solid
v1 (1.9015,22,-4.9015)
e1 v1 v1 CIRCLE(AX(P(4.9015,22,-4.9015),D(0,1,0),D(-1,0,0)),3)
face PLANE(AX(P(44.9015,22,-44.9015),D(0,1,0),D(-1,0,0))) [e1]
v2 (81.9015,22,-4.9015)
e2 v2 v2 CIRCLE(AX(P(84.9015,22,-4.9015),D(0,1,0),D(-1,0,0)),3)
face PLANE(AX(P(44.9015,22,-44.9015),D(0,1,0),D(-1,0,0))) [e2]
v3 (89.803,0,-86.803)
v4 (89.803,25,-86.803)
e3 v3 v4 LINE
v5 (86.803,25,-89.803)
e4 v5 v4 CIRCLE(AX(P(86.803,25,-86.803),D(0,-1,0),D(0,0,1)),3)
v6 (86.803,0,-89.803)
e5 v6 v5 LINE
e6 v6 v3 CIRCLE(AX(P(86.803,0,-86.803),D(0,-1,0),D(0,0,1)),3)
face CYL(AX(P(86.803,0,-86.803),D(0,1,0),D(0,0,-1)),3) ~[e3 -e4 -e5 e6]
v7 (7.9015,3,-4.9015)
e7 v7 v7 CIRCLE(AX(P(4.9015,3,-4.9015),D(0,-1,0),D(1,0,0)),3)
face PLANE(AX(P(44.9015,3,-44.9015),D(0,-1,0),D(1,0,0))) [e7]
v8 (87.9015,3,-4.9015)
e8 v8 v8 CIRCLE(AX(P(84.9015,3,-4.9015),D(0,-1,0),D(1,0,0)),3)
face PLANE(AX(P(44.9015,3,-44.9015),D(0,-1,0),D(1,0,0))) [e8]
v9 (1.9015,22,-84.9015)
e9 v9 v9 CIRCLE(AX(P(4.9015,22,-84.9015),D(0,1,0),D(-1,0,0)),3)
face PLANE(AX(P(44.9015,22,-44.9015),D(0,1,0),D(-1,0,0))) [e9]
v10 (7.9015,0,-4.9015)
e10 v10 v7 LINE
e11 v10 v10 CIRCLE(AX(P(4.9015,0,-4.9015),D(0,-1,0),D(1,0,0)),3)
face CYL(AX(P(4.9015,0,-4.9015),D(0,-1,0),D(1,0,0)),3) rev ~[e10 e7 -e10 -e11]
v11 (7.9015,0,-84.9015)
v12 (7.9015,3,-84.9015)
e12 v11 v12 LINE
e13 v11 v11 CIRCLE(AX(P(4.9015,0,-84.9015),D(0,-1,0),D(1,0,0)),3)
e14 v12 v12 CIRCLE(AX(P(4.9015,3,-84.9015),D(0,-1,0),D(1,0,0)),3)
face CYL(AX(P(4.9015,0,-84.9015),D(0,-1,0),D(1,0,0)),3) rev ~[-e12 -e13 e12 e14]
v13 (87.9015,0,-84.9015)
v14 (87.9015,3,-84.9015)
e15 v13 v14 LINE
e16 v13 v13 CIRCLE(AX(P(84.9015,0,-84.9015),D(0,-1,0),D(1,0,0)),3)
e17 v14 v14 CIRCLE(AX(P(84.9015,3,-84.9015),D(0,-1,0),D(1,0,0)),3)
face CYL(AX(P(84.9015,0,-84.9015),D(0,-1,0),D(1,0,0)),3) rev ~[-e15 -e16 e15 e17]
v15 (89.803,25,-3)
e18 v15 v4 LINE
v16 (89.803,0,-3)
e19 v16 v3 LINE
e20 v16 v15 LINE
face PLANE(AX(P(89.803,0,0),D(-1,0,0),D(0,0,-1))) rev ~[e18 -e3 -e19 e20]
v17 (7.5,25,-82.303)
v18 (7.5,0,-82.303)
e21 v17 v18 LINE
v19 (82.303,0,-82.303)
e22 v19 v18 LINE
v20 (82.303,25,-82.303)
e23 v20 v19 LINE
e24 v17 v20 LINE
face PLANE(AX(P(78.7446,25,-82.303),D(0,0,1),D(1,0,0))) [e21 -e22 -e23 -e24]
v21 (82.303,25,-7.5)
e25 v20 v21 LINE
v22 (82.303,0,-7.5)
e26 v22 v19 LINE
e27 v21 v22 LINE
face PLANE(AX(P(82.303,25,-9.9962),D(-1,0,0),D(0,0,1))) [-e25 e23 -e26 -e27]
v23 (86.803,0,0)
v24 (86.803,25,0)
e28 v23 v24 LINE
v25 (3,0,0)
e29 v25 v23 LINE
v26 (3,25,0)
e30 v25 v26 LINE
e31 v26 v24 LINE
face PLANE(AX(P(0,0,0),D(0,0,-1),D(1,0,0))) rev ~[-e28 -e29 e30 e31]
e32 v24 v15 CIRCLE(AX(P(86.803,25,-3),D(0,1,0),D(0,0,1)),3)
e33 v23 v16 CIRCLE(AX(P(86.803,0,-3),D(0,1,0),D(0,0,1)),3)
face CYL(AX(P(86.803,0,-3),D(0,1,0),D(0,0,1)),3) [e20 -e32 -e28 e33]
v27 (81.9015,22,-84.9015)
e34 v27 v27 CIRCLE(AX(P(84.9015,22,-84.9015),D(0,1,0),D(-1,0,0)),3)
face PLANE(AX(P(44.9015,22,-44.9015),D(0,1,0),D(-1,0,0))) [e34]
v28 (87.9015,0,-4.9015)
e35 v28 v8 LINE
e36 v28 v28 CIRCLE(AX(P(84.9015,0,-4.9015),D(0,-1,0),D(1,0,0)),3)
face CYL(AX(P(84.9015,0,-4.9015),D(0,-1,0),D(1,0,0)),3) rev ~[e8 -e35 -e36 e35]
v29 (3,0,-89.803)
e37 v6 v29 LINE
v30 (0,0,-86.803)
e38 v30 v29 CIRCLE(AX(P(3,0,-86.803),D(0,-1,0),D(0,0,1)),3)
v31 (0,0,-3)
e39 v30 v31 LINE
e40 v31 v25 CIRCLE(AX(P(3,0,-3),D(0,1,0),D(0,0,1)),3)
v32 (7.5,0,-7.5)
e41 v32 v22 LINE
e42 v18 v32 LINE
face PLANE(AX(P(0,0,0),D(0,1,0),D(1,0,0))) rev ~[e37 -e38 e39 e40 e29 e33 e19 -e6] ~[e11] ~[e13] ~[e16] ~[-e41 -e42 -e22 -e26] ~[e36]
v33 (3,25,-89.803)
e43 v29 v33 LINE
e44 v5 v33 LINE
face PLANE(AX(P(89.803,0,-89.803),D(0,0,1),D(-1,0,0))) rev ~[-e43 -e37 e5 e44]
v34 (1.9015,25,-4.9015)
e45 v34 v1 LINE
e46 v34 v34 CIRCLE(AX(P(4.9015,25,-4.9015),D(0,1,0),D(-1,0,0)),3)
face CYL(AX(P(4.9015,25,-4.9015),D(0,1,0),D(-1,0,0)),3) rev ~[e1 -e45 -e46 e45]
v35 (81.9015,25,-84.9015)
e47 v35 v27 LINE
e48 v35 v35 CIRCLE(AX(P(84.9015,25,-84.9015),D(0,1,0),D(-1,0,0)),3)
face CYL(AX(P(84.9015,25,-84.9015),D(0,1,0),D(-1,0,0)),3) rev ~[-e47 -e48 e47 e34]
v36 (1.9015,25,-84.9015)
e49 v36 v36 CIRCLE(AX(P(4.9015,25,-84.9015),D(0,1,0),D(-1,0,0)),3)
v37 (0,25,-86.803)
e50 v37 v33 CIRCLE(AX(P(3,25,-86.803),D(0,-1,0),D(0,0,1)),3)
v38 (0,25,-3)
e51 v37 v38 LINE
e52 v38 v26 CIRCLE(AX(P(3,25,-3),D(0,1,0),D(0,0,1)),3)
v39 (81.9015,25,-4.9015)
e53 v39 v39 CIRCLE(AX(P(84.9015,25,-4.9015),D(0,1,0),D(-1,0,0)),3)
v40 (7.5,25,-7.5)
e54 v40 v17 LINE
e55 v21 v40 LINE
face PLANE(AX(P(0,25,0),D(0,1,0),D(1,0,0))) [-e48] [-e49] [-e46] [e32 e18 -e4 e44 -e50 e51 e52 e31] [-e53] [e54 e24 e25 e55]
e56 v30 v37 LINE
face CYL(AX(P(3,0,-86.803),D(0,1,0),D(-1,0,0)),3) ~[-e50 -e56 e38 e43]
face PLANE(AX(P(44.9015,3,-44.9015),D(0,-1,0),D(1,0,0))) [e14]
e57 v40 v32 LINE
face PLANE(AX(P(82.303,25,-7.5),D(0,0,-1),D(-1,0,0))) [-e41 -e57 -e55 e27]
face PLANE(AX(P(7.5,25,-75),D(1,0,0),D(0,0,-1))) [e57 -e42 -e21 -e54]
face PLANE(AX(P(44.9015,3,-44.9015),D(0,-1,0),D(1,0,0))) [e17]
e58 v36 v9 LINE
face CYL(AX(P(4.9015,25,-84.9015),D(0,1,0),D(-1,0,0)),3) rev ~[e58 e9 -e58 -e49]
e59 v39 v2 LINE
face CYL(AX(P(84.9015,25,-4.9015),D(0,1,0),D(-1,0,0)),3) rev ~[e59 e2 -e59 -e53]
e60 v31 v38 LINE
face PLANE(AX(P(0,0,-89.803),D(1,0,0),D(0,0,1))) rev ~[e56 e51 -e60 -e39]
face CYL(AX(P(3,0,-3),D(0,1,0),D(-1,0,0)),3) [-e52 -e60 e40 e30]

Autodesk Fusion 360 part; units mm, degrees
sketch "Sketch1" plane through (0, 0, 0) normal (0, 1, 0) x (1, 0, 0)
  line L0 (0, 0) -> (89.803, 0)
  line L1 (89.803, 0) -> (89.803, 89.803)
  line L2 (89.803, 89.803) -> (0, 89.803)
  line L3 (0, 89.803) -> (0, 0)
  dimension "d1" = 89.803
  dimension "d2" = 89.803
extrude "Extrude1" add sketch "Sketch1" along normal blind 25 makes body 1
sketch "Sketch4" plane through (0, 25, 0) normal (0, 1, 0) x (-1, 0, 0)
  line L0 (0, -89.803) -> (0, 0)
  line L1 (0, 0) -> (-89.803, 0)
  line L2 (-89.803, 0) -> (-89.803, -89.803)
  line L3 (-89.803, -89.803) -> (0, -89.803)
  line L4 (-78.303, -78.303) -> (-11.5, -78.303)
  line L5 (-11.5, -78.303) -> (-11.5, -11.5)
  line L6 (-11.5, -11.5) -> (-78.303, -11.5)
  line L7 (-78.303, -11.5) -> (-78.303, -78.303)
  line L8 (-78.303, -78.303) -> (-11.5, -11.5) construction
  line L9 (-11.5, -78.303) -> (-78.303, -11.5) construction
  point P0 (-44.9015, -44.9015)
  dimension "d10" = 66.803
  dimension "d11" = 66.803
extrude "Extrude3" cut sketch "Sketch4" against normal blind 50 contours L4 L5 L6 L7 bodies 1
fillet "Fillet2" radius 3 4 edges at (0, 12.5, 0) (89.803, 12.5, 0) (89.803, 12.5, -89.803) (0, 12.5, -89.803) on bodies 1
sketch "Sketch5" plane through (0, 25, 0) normal (0, 1, 0) x (-1, 0, 0)
  arc A0 (-3, -89.803) -> (0, -86.803) centre (-3, -86.803) ccw
  line L0 (0, -86.803) -> (0, -3)
  arc A1 (0, -3) -> (-3, 0) centre (-3, -3) ccw
  line L1 (-3, 0) -> (-86.803, 0)
  arc A2 (-86.803, 0) -> (-89.803, -3) centre (-86.803, -3) ccw
  line L2 (-89.803, -3) -> (-89.803, -86.803)
  arc A3 (-89.803, -86.803) -> (-86.803, -89.803) centre (-86.803, -86.803) ccw
  line L3 (-86.803, -89.803) -> (-3, -89.803)
  line L4 (-11.5, -78.303) -> (-78.303, -78.303)
  line L5 (-78.303, -78.303) -> (-78.303, -11.5)
  line L6 (-78.303, -11.5) -> (-11.5, -11.5)
  line L7 (-11.5, -11.5) -> (-11.5, -78.303)
copy_body "Body->Comp2" bodies 1 removing the originals makes body 2 in component "midbody2"
sketch "Sketch6" plane through (44.9015, 25, -44.9015) normal (0, 1, 0) x (-1, 0, 0)
  circle A0 centre (-40, 40) radius 3
  circle A1 centre (40, 40) radius 3
  circle A2 centre (-40, -40) radius 3
  circle A3 centre (40, -40) radius 3
  dimension "d15" = 6
  dimension "d16" = 6
  dimension "d17" = 6
  dimension "d18" = 6
extrude "Extrude1'" cut sketch "Sketch6" against normal blind 3 bodies 2 in component "midbody2"
sketch "Sketch7" plane through (0, 0, 0) normal (0, -1, 0) x (1, 0, 0)
  line L0 (78.303, -78.303) -> (11.5, -78.303)
  line L1 (11.5, -78.303) -> (11.5, -11.5)
  line L2 (11.5, -11.5) -> (78.303, -11.5)
  line L3 (78.303, -11.5) -> (78.303, -78.303)
  arc A0 (0, -86.803) -> (3, -89.803) centre (3, -86.803) ccw
  line L4 (3, -89.803) -> (86.803, -89.803)
  arc A1 (86.803, -89.803) -> (89.803, -86.803) centre (86.803, -86.803) ccw
  line L5 (89.803, -86.803) -> (89.803, -3)
  arc A2 (89.803, -3) -> (86.803, 0) centre (86.803, -3) ccw
  line L6 (86.803, 0) -> (3, 0)
  arc A3 (3, 0) -> (0, -3) centre (3, -3) ccw
  line L7 (0, -3) -> (0, -86.803)
sketch "Sketch8" plane through (44.9015, 0, -44.9015) normal (0, -1, 0) x (1, 0, 0)
  circle A0 centre (40, 40) radius 3
  circle A1 centre (40, -40) radius 3
  circle A2 centre (40, -40) radius 3
  circle A3 centre (-40, -40) radius 3
  circle A4 centre (-40, 40) radius 3
  point P0 (-37, -40)
  point P1 (-37, 40)
  dimension "d21" = 6
  dimension "d22" = 6
  dimension "d24" = 6
  dimension "d25" = 6
extrude "Extrude2" cut sketch "Sketch8" against normal blind 3 bodies 2 in component "midbody2"
sketch "Sketch9" plane through (0, 25, 0) normal (0, 1, 0) x (-1, 0, 0)
  line L0 (-89.803, -3) -> (-89.803, -86.803)
  line L1 (-89.803, -86.803) -> (-89.803, -3)
  line L2 (-86.803, -89.803) -> (-3, -89.803)
  line L3 (0, -86.803) -> (0, -3)
  line L4 (0, -3) -> (0, -86.803)
  line L5 (-3, 0) -> (-86.803, 0)
  line L6 (-86.803, 0) -> (-3, 0)
  line L7 (-75, -7.5) -> (-15, -7.5)
  line L8 (-7.5, -15) -> (-7.5, -75)
  line L9 (-10.5518, -82.303) -> (-78.7446, -82.303)
  line L10 (-82.303, -79.8784) -> (-82.303, -9.9962)
  line L11 (-82.303, -9.9962) -> (-82.303, -7.5)
  line L12 (-82.303, -7.5) -> (-75, -7.5)
  line L13 (-7.5, -15) -> (-7.5, -7.5)
  line L14 (-15, -7.5) -> (-7.5, -7.5)
  line L15 (-7.5, -75) -> (-7.5, -82.303)
  line L16 (-10.5518, -82.303) -> (-7.5, -82.303)
  line L17 (-78.7446, -82.303) -> (-82.303, -82.303)
  line L18 (-82.303, -79.8784) -> (-82.303, -82.303)
extrude "Extrude3'" cut sketch "Sketch9" against normal blind 300 bodies 2 in component "midbody2"
component "midbody2" placed x (1, 0, 0) y (0, 1, 0) z (0, 0, 1) at (0, 0, 0)
